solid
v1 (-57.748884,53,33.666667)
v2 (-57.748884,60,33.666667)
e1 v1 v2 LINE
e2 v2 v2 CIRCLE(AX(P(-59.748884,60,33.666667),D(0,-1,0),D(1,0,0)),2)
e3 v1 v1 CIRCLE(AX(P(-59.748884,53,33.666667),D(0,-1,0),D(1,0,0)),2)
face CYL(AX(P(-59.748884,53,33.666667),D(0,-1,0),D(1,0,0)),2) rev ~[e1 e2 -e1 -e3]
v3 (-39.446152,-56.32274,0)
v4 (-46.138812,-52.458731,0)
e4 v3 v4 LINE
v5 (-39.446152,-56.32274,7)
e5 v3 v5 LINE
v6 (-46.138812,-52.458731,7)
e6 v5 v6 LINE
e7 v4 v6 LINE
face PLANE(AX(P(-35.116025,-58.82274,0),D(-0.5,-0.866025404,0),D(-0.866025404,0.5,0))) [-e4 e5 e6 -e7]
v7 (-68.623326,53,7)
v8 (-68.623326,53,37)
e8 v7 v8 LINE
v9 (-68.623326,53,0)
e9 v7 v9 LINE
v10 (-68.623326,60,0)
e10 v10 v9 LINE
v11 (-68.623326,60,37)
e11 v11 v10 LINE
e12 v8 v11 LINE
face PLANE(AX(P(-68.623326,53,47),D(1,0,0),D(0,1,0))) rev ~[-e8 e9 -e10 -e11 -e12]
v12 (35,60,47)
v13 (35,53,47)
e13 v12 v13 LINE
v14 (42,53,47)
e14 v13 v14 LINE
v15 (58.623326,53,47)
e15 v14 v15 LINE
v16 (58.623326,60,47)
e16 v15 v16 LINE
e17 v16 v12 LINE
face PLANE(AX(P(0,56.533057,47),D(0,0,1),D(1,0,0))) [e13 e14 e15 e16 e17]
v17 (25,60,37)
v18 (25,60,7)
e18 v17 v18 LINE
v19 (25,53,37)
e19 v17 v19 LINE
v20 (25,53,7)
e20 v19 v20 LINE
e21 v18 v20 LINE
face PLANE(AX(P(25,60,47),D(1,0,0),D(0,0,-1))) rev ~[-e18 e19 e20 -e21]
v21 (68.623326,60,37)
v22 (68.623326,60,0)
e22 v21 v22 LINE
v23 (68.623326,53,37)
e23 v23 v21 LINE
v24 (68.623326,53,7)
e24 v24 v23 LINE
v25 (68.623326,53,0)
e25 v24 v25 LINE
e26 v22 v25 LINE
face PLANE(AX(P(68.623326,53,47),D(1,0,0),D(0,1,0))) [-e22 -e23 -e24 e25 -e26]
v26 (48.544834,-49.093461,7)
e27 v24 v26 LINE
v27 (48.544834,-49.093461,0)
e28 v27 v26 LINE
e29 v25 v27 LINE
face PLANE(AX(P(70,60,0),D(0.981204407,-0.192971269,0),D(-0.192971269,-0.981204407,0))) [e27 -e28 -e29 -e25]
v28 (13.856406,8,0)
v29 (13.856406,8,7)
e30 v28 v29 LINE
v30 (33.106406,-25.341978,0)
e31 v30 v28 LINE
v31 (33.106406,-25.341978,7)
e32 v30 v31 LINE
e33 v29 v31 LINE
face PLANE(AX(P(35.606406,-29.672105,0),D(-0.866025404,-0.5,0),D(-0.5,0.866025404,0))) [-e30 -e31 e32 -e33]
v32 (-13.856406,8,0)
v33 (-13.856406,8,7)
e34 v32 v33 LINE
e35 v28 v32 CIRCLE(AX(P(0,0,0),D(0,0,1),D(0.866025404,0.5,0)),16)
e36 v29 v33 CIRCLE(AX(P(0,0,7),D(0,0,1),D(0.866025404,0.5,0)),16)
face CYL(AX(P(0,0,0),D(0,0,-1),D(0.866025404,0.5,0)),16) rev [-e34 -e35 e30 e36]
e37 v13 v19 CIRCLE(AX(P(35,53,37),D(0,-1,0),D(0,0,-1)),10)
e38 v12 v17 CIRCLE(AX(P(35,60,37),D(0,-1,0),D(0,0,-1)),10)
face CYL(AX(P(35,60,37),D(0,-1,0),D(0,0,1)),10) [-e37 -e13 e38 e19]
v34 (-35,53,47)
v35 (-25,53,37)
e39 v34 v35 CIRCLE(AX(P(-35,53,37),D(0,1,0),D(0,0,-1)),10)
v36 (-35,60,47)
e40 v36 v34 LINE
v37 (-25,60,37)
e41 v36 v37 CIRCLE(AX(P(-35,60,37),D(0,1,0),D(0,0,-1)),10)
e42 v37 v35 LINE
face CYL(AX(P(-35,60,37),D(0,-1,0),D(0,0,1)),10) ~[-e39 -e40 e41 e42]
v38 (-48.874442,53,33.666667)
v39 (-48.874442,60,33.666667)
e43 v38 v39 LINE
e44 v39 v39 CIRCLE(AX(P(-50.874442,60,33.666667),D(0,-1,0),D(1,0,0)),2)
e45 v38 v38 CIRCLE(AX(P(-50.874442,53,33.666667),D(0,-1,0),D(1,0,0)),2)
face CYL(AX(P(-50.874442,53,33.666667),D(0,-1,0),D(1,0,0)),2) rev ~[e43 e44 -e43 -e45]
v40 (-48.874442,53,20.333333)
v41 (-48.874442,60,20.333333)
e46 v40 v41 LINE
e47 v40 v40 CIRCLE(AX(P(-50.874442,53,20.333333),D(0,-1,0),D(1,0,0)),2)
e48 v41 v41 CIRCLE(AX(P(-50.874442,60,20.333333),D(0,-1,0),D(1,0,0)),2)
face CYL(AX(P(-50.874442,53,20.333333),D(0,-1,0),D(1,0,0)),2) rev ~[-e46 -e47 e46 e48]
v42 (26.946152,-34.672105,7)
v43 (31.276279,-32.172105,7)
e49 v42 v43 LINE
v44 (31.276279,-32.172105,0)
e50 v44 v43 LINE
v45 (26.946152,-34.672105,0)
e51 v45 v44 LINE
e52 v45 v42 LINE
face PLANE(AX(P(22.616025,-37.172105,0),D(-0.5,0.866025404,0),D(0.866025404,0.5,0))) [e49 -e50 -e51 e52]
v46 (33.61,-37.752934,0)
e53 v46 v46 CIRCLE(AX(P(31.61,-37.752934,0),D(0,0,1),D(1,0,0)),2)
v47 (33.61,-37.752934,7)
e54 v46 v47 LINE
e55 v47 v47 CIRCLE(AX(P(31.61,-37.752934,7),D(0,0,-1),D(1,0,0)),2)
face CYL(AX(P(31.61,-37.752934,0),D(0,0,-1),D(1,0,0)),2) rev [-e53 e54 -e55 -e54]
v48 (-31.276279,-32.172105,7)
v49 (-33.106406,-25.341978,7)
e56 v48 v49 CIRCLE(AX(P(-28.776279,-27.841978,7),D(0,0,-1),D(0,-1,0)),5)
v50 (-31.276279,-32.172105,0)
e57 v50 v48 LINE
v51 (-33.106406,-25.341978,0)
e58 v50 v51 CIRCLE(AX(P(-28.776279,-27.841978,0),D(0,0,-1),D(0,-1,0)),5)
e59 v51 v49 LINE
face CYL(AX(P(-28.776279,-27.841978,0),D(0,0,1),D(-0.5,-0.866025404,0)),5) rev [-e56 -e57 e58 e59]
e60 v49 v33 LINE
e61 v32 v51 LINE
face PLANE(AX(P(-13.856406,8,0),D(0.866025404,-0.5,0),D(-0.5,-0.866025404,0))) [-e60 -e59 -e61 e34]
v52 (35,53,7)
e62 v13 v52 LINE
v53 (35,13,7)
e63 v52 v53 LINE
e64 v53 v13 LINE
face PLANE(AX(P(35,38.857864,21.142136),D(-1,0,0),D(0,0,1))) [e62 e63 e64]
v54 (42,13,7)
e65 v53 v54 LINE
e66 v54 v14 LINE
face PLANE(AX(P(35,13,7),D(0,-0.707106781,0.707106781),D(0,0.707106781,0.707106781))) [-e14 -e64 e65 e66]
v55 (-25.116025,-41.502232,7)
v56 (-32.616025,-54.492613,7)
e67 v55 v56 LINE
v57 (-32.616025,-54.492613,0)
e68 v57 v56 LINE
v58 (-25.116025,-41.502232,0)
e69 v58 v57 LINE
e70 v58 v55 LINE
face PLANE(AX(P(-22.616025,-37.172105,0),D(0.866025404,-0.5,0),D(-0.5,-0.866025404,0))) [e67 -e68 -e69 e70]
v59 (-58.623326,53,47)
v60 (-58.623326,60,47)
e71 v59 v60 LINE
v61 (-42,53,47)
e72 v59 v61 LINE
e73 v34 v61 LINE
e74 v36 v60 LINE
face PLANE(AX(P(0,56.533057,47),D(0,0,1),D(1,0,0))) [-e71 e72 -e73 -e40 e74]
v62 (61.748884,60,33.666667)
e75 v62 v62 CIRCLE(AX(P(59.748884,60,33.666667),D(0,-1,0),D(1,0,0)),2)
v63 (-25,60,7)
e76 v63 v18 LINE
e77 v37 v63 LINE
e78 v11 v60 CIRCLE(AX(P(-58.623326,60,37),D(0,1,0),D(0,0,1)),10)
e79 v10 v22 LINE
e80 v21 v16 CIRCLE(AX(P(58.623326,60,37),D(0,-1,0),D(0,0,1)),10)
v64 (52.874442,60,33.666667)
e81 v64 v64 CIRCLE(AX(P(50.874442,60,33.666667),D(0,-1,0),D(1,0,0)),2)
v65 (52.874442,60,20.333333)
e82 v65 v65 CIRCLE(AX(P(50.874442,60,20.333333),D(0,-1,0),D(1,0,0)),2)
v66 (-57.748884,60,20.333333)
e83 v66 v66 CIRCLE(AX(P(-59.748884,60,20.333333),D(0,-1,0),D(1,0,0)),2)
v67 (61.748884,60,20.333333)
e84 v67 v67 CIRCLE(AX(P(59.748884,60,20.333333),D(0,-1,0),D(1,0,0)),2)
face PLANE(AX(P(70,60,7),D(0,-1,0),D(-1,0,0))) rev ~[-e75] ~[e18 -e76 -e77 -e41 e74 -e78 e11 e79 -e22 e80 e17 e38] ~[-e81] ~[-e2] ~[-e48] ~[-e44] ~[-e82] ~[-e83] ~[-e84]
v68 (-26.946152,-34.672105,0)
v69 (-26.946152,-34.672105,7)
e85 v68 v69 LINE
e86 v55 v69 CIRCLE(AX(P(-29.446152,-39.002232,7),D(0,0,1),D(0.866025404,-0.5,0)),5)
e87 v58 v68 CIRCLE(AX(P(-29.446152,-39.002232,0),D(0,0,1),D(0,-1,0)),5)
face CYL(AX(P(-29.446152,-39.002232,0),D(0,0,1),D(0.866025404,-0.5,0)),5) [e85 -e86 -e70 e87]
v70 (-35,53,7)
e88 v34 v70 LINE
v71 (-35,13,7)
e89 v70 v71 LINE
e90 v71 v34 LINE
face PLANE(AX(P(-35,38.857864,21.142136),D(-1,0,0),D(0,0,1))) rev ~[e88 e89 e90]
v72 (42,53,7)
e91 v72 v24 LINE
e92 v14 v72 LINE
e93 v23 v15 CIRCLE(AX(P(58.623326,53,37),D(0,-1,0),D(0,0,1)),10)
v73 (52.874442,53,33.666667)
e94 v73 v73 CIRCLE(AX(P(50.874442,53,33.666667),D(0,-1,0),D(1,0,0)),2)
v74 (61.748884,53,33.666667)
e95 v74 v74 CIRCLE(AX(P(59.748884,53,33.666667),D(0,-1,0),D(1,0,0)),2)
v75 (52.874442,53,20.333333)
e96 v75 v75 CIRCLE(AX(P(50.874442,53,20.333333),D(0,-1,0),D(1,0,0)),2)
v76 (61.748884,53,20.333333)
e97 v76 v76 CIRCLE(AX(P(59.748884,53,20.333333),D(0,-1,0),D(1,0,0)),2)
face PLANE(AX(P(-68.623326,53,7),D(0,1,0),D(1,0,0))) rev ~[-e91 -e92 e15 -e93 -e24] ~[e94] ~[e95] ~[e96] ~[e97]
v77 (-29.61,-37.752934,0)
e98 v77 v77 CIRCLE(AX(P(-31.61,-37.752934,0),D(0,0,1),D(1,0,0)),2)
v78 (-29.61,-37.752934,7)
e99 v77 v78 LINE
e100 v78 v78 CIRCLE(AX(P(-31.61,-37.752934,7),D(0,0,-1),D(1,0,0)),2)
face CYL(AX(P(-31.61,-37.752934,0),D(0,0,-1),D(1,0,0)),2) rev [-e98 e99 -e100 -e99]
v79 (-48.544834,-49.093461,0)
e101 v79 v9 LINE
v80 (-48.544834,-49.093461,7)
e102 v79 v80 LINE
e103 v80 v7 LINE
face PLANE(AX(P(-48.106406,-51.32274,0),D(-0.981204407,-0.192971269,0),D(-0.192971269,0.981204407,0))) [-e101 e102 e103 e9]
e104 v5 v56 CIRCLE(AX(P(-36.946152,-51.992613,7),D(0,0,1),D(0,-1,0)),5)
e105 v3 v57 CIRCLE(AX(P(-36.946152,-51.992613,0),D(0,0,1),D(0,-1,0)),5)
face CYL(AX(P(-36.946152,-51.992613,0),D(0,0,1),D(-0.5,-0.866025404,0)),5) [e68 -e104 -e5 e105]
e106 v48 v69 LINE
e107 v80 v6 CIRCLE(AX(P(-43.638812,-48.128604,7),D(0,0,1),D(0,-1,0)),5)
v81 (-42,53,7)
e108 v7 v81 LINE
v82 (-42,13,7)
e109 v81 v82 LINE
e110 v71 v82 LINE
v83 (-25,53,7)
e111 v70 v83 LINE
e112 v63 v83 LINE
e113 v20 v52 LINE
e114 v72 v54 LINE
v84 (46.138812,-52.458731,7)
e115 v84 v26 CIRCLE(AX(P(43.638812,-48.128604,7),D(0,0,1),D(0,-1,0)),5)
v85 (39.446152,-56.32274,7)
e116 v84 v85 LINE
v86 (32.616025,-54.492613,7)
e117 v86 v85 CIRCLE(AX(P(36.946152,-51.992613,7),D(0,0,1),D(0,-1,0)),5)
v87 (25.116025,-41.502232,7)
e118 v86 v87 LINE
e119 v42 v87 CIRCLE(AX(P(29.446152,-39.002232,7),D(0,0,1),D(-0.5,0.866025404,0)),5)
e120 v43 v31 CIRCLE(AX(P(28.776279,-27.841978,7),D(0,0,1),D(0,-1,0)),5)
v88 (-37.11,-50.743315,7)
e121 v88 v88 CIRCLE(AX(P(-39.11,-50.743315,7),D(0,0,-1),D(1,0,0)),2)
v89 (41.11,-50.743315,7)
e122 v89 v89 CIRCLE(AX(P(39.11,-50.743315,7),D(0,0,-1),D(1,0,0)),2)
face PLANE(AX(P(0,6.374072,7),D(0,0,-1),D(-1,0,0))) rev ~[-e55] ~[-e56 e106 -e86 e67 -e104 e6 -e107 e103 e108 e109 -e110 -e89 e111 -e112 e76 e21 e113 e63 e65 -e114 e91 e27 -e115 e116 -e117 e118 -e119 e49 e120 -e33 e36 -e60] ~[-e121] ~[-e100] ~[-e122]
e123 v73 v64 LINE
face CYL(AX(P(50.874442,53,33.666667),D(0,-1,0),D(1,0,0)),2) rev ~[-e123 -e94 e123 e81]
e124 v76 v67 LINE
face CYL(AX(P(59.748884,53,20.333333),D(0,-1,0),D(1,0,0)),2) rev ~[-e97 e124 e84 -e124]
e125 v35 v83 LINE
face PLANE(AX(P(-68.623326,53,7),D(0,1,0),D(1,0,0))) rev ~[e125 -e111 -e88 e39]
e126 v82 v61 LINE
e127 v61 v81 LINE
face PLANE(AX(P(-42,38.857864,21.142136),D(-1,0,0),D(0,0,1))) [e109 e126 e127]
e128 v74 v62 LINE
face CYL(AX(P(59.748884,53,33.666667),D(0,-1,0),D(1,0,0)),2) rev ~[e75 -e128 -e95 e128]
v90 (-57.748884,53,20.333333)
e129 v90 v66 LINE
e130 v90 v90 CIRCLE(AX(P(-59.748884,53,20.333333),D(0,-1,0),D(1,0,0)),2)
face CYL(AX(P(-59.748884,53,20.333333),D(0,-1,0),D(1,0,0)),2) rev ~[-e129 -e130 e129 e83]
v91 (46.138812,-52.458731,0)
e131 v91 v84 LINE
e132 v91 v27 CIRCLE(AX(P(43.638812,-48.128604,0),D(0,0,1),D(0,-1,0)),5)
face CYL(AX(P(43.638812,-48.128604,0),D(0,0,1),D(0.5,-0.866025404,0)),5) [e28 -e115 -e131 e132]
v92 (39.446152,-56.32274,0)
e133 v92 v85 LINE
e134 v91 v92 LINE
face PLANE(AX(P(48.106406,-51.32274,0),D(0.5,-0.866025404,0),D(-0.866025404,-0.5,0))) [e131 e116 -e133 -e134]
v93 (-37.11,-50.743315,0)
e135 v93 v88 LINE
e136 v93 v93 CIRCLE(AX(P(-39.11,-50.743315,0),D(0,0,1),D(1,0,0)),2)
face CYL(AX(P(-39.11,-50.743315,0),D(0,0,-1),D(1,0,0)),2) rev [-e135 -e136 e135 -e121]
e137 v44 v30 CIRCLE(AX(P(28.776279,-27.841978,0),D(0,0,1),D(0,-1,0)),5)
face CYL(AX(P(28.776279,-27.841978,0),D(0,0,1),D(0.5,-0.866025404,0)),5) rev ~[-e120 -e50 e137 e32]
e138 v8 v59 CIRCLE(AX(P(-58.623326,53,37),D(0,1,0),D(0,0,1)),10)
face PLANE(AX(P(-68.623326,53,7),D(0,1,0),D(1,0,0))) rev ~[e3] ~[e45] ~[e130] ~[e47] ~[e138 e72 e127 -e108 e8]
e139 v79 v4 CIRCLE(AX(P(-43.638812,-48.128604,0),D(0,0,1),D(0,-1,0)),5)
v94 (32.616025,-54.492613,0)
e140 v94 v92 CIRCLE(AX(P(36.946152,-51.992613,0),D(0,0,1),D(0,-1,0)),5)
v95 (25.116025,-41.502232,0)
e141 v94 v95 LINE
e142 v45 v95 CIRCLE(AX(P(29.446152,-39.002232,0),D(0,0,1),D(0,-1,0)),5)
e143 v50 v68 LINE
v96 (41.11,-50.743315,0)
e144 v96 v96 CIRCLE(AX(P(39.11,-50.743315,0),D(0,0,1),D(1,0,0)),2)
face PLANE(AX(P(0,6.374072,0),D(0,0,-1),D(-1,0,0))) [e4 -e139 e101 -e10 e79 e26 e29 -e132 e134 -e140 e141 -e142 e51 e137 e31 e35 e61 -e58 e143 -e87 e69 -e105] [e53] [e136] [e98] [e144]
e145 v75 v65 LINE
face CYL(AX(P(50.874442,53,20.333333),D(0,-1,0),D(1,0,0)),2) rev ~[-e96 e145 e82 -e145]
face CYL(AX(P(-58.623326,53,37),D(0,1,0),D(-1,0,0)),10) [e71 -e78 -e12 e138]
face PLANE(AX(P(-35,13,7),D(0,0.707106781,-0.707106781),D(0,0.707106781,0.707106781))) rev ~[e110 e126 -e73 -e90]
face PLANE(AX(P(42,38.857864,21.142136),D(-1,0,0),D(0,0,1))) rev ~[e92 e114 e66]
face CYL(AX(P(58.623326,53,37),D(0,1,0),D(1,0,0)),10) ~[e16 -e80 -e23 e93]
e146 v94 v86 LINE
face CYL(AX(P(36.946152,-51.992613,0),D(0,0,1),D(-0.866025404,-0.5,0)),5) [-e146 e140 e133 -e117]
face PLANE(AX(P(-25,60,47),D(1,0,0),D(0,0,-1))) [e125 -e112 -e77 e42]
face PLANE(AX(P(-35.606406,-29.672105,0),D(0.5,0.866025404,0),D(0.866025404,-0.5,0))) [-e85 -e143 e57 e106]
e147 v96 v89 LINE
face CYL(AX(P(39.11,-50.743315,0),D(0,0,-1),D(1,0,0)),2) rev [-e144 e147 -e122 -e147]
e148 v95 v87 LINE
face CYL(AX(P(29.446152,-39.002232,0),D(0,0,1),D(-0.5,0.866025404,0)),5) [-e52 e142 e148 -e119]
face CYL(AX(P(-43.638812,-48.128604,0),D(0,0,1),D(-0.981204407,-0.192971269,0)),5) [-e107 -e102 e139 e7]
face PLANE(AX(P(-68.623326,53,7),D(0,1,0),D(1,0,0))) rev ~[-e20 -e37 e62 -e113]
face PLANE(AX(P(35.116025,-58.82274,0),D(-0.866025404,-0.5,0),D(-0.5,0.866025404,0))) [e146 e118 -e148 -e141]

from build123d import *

# Parameters (mm, degrees)
BOSS_EXTRUDE1_DEPTH = 7
SKETCH5_R           = 2
CUT_EXTRUDE2_DEPTH  = 8
BOSS_EXTRUDE2_DEPTH = 40
CUT_EXTRUDE3_DEPTH  = 48
BOSS_EXTRUDE3_DEPTH = 7
BOSS_EXTRUDE4_DEPTH = 7
FILLET1_R           = 5
SKETCH10_W          = 50
SKETCH10_H          = 40
CUT_EXTRUDE4_DEPTH  = 117.99261314
FILLET2_R           = 10
SKETCH11_R          = 2
CUT_EXTRUDE5_DEPTH  = 8


with BuildPart() as part:
    # Sketch4 → Boss-Extrude1 (new body)
    with BuildSketch(Plane.XY):
        with BuildLine():
            Line((-13.856406461, 8), (-35.606406461, -29.672105065))
            Line((-35.606406461, -29.672105065), (-22.616025404, -37.172105065))
            Line((-22.616025404, -37.172105065), (-35.116025404, -58.822740159))
            Line((-35.116025404, -58.822740159), (-48.106406461, -51.322740159))
            Line((-48.106406461, -51.322740159), (-70, 60))
            Line((-70, 60), (70, 60))
            Line((70, 60), (48.106406461, -51.322740159))
            Line((48.106406461, -51.322740159), (35.116025404, -58.822740159))
            Line((35.116025404, -58.822740159), (22.616025404, -37.172105065))
            Line((22.616025404, -37.172105065), (35.606406461, -29.672105065))
            Line((35.606406461, -29.672105065), (13.856406461, 8))
            ThreePointArc((13.856406461, 8), (0, 16), (-13.856406461, 8))
        make_face()
    extrude(amount=BOSS_EXTRUDE1_DEPTH)

    # Sketch5 → Cut-Extrude2 (cut, through all)
    with BuildSketch(Plane.XY):
        with Locations((-39.11, -50.743315159)):
            Circle(SKETCH5_R)
        with Locations((-31.61, -37.752934102)):
            Circle(SKETCH5_R)
        with Locations((39.11, -50.743315159)):
            Circle(SKETCH5_R)
        with Locations((31.61, -37.752934102)):
            Circle(SKETCH5_R)
    extrude(amount=CUT_EXTRUDE2_DEPTH, mode=Mode.SUBTRACT)

    # Sketch6 → Boss-Extrude2 (add)
    with BuildSketch(Plane.XY.offset(7)):
        Polygon((-68.623325705, 53), (68.623325705, 53), (70, 60), (-70, 60), align=None)
    extrude(amount=BOSS_EXTRUDE2_DEPTH)

    # Sketch7 → Cut-Extrude3 (cut, through all)
    with BuildSketch(Plane.XY.offset(47)):
        Polygon((-68.623325705, 53), (-68.623325705, 60), (-70, 60), align=None)
        Polygon((68.623325705, 53), (68.623325705, 60), (70, 60), align=None)
    extrude(amount=-CUT_EXTRUDE3_DEPTH, mode=Mode.SUBTRACT)

    # Sketch8 → Boss-Extrude3 (add)
    with BuildSketch(Plane.ZY.offset(35)):
        Polygon((7, 13), (47, 53), (7, 53), align=None)
    extrude(amount=BOSS_EXTRUDE3_DEPTH)

    # Sketch9 → Boss-Extrude4 (add)
    with BuildSketch(Plane(origin=(35, 0, 0), x_dir=(0, 0, -1), z_dir=(1, 0, 0))):
        Polygon((-7, 13), (-47, 53), (-7, 53), align=None)
    extrude(amount=BOSS_EXTRUDE4_DEPTH)

    # Fillet1
    fillet1_edges = [part.edges().sort_by_distance(p)[0] for p in [
        (-35.606406461, -29.672105065, 3.5),
        (-22.616025404, -37.172105065, 3.5),
        (-35.116025404, -58.822740159, 3.5),
        (-48.106406461, -51.322740159, 3.5),
        (48.106406461, -51.322740159, 3.5),
        (35.116025404, -58.822740159, 3.5),
        (22.616025404, -37.172105065, 3.5),
        (35.606406461, -29.672105065, 3.5),
    ]]
    fillet(fillet1_edges, radius=FILLET1_R)

    # Sketch10 → Cut-Extrude4 (cut, through all)
    with BuildSketch(Plane(origin=(0, 60, 0), x_dir=(1, 0, 0), z_dir=(0, 1, 0))):
        with Locations((0, -27)):
            Rectangle(SKETCH10_W, SKETCH10_H)
    extrude(amount=-CUT_EXTRUDE4_DEPTH, mode=Mode.SUBTRACT)

    # Fillet2
    fillet2_edges = [part.edges().sort_by_distance(p)[0] for p in [
        (25, 56.5, 47),
        (-25, 56.5, 47),
        (-68.623325705, 56.5, 47),
        (68.623325705, 56.5, 47),
    ]]
    fillet(fillet2_edges, radius=FILLET2_R)

    # Sketch11 → Cut-Extrude5 (cut, through all)
    with BuildSketch(Plane.XZ.offset(-53)):
        with Locations((-59.748883804, 33.666666667)):
            Circle(SKETCH11_R)
        with Locations((-50.874441902, 33.666666667)):
            Circle(SKETCH11_R)
        with Locations((-59.748883804, 20.333333333)):
            Circle(SKETCH11_R)
        with Locations((-50.874441902, 20.333333333)):
            Circle(SKETCH11_R)
        with Locations((50.874441902, 20.333333333)):
            Circle(SKETCH11_R)
        with Locations((59.748883804, 20.333333333)):
            Circle(SKETCH11_R)
        with Locations((50.874441902, 33.666666667)):
            Circle(SKETCH11_R)
        with Locations((59.748883804, 33.666666667)):
            Circle(SKETCH11_R)
    extrude(amount=-CUT_EXTRUDE5_DEPTH, mode=Mode.SUBTRACT)


solid = part.part
